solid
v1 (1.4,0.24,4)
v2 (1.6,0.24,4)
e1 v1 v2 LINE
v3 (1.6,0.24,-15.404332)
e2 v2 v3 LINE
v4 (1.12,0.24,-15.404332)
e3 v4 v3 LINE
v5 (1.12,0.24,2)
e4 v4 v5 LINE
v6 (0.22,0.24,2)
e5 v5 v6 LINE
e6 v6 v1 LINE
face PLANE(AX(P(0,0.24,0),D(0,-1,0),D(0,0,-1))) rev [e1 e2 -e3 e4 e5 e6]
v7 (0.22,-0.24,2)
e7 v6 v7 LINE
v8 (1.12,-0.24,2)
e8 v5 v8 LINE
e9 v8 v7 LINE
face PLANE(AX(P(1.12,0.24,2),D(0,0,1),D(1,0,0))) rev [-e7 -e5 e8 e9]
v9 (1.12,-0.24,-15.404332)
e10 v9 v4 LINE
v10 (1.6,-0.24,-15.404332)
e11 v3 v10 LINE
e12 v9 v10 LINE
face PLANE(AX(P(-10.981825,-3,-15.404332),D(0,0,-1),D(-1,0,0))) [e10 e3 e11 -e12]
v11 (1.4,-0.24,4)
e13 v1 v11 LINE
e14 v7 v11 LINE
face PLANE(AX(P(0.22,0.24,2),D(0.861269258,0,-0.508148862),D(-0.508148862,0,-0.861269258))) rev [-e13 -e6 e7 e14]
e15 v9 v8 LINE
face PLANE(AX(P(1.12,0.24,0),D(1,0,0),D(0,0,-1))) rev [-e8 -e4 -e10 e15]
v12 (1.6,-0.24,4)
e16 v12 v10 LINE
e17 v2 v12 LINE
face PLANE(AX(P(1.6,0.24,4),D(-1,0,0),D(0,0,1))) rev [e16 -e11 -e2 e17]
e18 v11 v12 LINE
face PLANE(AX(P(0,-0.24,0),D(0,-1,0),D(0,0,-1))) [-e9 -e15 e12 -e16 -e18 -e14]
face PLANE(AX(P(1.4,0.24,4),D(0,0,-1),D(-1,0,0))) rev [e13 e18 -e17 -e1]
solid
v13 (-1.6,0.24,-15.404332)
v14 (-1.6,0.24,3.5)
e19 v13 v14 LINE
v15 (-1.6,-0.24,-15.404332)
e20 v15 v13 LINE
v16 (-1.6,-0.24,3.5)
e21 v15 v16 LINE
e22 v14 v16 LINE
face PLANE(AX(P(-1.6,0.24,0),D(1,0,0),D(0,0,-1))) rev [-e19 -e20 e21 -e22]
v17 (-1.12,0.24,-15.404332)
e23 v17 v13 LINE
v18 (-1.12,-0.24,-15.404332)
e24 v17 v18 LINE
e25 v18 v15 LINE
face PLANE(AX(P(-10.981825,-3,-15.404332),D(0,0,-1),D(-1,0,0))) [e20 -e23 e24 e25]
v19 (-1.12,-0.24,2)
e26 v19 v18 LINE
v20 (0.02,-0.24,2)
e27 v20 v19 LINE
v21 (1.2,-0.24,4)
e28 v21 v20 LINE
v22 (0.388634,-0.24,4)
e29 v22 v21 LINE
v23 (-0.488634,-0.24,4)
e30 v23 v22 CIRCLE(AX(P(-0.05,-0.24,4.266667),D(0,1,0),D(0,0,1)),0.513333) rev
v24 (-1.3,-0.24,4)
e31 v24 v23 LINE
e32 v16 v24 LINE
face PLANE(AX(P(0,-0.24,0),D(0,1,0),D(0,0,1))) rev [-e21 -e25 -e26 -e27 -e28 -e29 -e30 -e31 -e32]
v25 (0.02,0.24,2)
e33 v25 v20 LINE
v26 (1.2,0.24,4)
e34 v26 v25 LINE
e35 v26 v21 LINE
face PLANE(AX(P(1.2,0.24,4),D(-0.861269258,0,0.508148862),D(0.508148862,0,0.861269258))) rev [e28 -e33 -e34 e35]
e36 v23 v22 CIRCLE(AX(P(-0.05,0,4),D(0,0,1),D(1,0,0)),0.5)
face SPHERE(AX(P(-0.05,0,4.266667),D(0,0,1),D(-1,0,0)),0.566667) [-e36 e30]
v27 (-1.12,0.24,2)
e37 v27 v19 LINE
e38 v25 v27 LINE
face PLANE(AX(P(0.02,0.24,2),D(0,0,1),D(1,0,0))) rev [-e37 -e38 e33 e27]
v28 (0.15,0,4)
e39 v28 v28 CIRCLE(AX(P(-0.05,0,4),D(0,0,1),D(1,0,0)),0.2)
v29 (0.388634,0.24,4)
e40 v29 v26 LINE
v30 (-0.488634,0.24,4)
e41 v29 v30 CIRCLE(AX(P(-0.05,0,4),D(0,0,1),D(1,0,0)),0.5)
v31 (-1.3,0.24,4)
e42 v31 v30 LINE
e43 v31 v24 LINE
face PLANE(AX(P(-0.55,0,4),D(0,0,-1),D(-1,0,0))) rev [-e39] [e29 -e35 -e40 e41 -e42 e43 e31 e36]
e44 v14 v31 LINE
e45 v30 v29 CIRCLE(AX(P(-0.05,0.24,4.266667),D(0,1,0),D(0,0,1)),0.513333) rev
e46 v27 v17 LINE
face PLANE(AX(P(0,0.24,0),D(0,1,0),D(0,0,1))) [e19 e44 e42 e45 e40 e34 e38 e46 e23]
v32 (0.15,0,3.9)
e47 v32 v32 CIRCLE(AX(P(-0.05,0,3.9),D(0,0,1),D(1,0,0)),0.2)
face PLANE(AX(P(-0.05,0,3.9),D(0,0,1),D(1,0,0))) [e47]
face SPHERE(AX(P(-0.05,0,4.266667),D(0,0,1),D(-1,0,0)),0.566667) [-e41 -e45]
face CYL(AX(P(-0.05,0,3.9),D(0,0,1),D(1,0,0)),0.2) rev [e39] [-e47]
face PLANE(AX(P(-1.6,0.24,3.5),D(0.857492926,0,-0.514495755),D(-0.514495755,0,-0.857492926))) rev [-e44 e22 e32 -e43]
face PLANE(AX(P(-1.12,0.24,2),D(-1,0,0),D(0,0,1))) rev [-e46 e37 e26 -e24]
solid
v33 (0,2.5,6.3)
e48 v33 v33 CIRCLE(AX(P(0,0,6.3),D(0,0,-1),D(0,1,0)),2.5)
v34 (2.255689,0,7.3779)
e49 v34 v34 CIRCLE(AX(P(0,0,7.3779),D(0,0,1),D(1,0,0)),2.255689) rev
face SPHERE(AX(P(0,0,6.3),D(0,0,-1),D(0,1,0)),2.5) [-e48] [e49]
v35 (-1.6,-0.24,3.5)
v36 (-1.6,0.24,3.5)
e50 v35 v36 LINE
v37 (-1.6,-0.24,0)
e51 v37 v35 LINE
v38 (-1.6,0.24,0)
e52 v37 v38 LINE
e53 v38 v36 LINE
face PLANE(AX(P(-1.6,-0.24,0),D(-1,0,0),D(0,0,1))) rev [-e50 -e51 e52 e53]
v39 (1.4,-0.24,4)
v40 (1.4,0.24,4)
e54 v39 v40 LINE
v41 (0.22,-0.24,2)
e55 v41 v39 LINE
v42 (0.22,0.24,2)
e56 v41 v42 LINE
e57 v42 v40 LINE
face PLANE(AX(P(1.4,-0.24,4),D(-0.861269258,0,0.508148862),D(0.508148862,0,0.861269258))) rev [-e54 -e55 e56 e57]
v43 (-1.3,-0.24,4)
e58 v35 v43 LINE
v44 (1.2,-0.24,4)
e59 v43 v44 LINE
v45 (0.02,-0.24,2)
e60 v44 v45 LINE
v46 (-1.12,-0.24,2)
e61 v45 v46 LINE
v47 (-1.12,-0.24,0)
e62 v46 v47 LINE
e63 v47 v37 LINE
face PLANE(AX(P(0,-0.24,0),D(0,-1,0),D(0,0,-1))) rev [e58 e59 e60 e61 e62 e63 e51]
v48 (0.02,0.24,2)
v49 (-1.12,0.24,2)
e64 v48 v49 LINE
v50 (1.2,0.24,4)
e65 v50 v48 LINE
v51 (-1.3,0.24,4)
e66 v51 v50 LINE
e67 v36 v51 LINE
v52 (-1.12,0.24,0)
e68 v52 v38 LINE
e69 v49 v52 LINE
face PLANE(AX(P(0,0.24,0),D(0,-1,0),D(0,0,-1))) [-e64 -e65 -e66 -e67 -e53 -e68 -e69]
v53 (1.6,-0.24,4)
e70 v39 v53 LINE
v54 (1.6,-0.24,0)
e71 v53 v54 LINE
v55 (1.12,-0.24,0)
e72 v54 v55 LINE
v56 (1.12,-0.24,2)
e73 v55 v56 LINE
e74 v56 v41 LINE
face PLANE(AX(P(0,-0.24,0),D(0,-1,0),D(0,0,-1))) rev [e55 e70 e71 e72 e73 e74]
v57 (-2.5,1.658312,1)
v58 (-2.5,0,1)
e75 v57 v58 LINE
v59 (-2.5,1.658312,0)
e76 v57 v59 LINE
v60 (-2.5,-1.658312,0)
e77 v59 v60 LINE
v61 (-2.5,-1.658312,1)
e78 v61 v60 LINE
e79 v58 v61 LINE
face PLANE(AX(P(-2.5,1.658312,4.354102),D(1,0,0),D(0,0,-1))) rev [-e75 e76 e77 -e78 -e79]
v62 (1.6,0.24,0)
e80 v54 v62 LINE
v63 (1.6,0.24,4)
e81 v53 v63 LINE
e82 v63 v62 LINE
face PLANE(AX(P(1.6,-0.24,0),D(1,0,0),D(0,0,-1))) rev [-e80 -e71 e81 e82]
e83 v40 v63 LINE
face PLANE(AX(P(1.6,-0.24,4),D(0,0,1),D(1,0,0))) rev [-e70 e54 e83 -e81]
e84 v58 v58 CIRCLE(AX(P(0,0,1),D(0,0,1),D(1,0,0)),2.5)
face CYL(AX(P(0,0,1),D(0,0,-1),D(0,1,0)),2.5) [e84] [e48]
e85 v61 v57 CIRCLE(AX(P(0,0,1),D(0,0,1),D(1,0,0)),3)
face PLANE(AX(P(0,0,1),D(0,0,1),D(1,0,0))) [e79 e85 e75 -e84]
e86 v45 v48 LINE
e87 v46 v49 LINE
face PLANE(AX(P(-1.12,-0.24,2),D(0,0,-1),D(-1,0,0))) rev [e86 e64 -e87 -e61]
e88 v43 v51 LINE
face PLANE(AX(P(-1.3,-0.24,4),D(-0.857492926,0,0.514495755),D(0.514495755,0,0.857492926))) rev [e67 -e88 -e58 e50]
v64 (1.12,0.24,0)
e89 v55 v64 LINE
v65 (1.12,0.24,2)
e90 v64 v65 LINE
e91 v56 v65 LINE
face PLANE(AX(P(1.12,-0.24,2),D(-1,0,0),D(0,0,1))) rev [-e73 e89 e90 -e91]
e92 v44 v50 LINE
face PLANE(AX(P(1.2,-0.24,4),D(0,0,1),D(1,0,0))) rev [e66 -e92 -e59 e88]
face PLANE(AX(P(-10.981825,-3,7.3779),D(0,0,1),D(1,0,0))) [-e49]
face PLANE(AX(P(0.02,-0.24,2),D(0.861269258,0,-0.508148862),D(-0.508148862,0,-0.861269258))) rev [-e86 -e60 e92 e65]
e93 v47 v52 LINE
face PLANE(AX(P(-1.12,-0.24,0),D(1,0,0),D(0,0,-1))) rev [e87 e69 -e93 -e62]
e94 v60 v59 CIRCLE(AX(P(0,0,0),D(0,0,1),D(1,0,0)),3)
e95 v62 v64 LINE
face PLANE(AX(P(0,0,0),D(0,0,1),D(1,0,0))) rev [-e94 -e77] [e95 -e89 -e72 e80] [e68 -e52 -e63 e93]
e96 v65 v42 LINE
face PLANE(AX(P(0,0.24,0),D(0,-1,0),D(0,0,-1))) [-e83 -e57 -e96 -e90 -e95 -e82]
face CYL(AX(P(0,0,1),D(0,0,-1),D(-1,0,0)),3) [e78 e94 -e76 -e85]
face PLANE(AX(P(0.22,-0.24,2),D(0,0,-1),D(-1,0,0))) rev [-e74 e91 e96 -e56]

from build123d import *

# Parameters (mm, degrees)
ESBO_O1_R                  = 3
RESSALTO_EXTRUS_O1_DEPTH   = 1
CORTE_EXTRUS_O1_DEPTH      = 1
ESBO_O5_W                  = 0.48
ESBO_O5_H                  = 0.48
RESSALTO_EXTRUS_O2_DEPTH   = 25
RESSALTO_EXTRUS_O2_2_DEPTH = 25
ESBO_O6_W                  = 0.48
ESBO_O6_H                  = 0.48
RESSALTO_EXTRUS_O3_DEPTH   = 2
CORTE_EXTRUS_O2_DEPTH      = 0.24
RESSALTO_EXTRUS_O4_DEPTH   = 0.24
RESSALTO_EXTRUS_O4_2_DEPTH = 0.24
ESBO_O12_R                 = 0.2
CORTE_EXTRUS_O3_DEPTH      = 0.1
SKETCH1_W                  = 40.503516259
SKETCH1_H                  = 63.372853313
SKETCH1_W_2                = 20.905522142
SKETCH1_H_2                = 22.782231705
CUT_EXTRUDE1_DEPTH         = 4
CUT_EXTRUDE1_DEPTH_BACK    = 4


with BuildPart() as part:
    # Esboço1 → Ressalto-extrusão1 (new body)
    with BuildSketch(Plane.XY):
        Circle(ESBO_O1_R)
    extrude(amount=RESSALTO_EXTRUS_O1_DEPTH)

    # Esboço3 → Revolução1 (revolve)
    with BuildSketch(Plane(origin=(0, 0, 0), x_dir=(0, 0, -1), z_dir=(1, 0, 0))):
        with BuildLine():
            Line((-1, 0), (-8.8, 0))
            ThreePointArc((-8.8, 0), (-8.067766953, 1.767766953), (-6.3, 2.5))
            Line((-6.3, 2.5), (-1, 2.5))
            Line((-1, 2.5), (-1, 0))
        make_face()
    revolve(axis=Axis((0, 0, 1), (0, 0, 1)))

    # Esboço4 → Corte-extrusão1 (cut)
    with BuildSketch(Plane(origin=(0, 0, 0), x_dir=(-1, 0, 0), z_dir=(0, 0, -1))):
        with BuildLine():
            Line((2.5, 1.658312395), (2.5, -1.658312395))
            ThreePointArc((2.5, -1.658312395), (3, 0), (2.5, 1.658312395))
        make_face()
    extrude(amount=-CORTE_EXTRUS_O1_DEPTH, mode=Mode.SUBTRACT)

    # Esboço7 → Corte-extrusão2 (cut, symmetric)
    with BuildSketch(Plane(origin=(0, 0, 0), x_dir=(1, 0, 0), z_dir=(0, 1, 0))):
        Polygon((-1.6, 0), (-1.6, -3.5), (-1.3, -4), (1.2, -4), (0.02, -2), (-1.12, -2), (-1.12, 0), align=None)
        Polygon((1.6, 0), (1.6, -4), (1.4, -4), (0.22, -2), (1.12, -2), (1.12, 0), align=None)
    extrude(amount=CORTE_EXTRUS_O2_DEPTH, both=True, mode=Mode.SUBTRACT)


with BuildPart() as body_2:
    # Esboço5 → Ressalto-extrusão2 (new body)
    with BuildSketch(Plane(origin=(0, 0, 0), x_dir=(-1, 0, 0), z_dir=(0, 0, -1))):
        with Locations((-1.36, 0)):
            Rectangle(ESBO_O5_W, ESBO_O5_H)
    extrude(amount=RESSALTO_EXTRUS_O2_DEPTH)


with BuildPart() as body_3:
    # Esboço5 → Ressalto-extrus_o2 2 (new body)
    with BuildSketch(Plane(origin=(0, 0, 0), x_dir=(-1, 0, 0), z_dir=(0, 0, -1))):
        with Locations((1.36, 0)):
            Rectangle(ESBO_O5_W, ESBO_O5_H)
    extrude(amount=RESSALTO_EXTRUS_O2_2_DEPTH)


with BuildPart() as body_4:
    # Esboço6 → Ressalto-extrusão3 (new body)
    with BuildSketch(Plane(origin=(0, 0, -25), x_dir=(-1, 0, 0), z_dir=(0, 0, -1))):
        with Locations((-1.36, 0)):
            Rectangle(ESBO_O6_W, ESBO_O6_H)
    extrude(amount=RESSALTO_EXTRUS_O3_DEPTH)


with BuildPart() as body_5:
    # Esboço8 → Ressalto-extrusão4 (new body, symmetric)
    with BuildSketch(Plane(origin=(0, 0, 0), x_dir=(1, 0, 0), z_dir=(0, 1, 0))):
        Polygon((-1.3, -4), (1.2, -4), (0.02, -2), (-1.12, -2), (-1.12, 0), (-1.6, 0), (-1.6, -3.5), align=None)
    extrude(amount=RESSALTO_EXTRUS_O4_DEPTH, both=True)

    # Combinar2: union body 3
    add(body_3.part)

    # Esboço10 → Corte-Revolução1 (revolve, cut)
    with BuildSketch(Plane(origin=(0, 0, 0), x_dir=(1, 0, 0), z_dir=(0, 1, 0))):
        with BuildLine():
            Line((-0.05, -4), (-0.05, -3.7))
            ThreePointArc((-0.05, -3.7), (-0.341547595, -3.780754009), (-0.55, -4))
            Line((-0.55, -4), (-0.05, -4))
        make_face()
    revolve(axis=Axis((-0.05, 0, 4), (0, 0, -1)), mode=Mode.SUBTRACT)


with BuildPart() as body_6:
    # Esboço8 → Ressalto-extrus_o4 2 (new body, symmetric)
    with BuildSketch(Plane(origin=(0, 0, 0), x_dir=(1, 0, 0), z_dir=(0, 1, 0))):
        Polygon((0.22, -2), (1.4, -4), (1.6, -4), (1.6, 0), (1.12, 0), (1.12, -2), align=None)
    extrude(amount=RESSALTO_EXTRUS_O4_2_DEPTH, both=True)

    # Combinar1: union body 4, body 2
    add(body_4.part)
    add(body_2.part)


with BuildPart() as body_4_2:
    # Esboço11 → Revolução2 (revolve)
    with BuildSketch(Plane(origin=(0, 0, 0), x_dir=(1, 0, 0), z_dir=(0, 1, 0))):
        with BuildLine():
            Line((-0.55, -4), (-0.05, -4))
            Line((-0.05, -4), (-0.05, -3.7))
            ThreePointArc((-0.05, -3.7), (-0.341547595, -3.780754009), (-0.55, -4))
        make_face()
    revolve(axis=Axis((-0.05, 0, 4), (0, 0, -1)))

    # Combinar3: union body 5
    add(body_5.part)

    # Esboço12 → Corte-extrusão3 (cut)
    with BuildSketch(Plane.XY.offset(4)):
        with Locations((-0.05, 0)):
            Circle(ESBO_O12_R)
    extrude(amount=-CORTE_EXTRUS_O3_DEPTH, mode=Mode.SUBTRACT)


with BuildPart() as cut_extrude1_tool:
    # Sketch1 → Cut-Extrude1 (new body, two sides)
    with BuildSketch(Plane(origin=(0, 0, 0), x_dir=(1, 0, 0), z_dir=(0, 1, 0))) as cut_extrude1_sk:
        with Locations((0.838090288, 1.622898698)):
            Rectangle(SKETCH1_W, SKETCH1_H)
        with Locations((-0.529063495, 4.013216122)):
            Rectangle(SKETCH1_W_2, SKETCH1_H_2, mode=Mode.SUBTRACT)
    extrude(amount=CUT_EXTRUDE1_DEPTH)
    extrude(cut_extrude1_sk.sketch, amount=-CUT_EXTRUDE1_DEPTH_BACK)


with BuildPart() as part_1:
    add(part.part)

    # Cut-Extrude1: cut by cut_extrude1_tool
    add(cut_extrude1_tool.part, mode=Mode.SUBTRACT)


with BuildPart() as body_6_1:
    add(body_6.part)

    # Cut-Extrude1: cut by cut_extrude1_tool
    add(cut_extrude1_tool.part, mode=Mode.SUBTRACT)


with BuildPart() as body_4_2_1:
    add(body_4_2.part)

    # Cut-Extrude1: cut by cut_extrude1_tool
    add(cut_extrude1_tool.part, mode=Mode.SUBTRACT)


solid = Compound([part_1.part, body_6_1.part, body_4_2_1.part])
